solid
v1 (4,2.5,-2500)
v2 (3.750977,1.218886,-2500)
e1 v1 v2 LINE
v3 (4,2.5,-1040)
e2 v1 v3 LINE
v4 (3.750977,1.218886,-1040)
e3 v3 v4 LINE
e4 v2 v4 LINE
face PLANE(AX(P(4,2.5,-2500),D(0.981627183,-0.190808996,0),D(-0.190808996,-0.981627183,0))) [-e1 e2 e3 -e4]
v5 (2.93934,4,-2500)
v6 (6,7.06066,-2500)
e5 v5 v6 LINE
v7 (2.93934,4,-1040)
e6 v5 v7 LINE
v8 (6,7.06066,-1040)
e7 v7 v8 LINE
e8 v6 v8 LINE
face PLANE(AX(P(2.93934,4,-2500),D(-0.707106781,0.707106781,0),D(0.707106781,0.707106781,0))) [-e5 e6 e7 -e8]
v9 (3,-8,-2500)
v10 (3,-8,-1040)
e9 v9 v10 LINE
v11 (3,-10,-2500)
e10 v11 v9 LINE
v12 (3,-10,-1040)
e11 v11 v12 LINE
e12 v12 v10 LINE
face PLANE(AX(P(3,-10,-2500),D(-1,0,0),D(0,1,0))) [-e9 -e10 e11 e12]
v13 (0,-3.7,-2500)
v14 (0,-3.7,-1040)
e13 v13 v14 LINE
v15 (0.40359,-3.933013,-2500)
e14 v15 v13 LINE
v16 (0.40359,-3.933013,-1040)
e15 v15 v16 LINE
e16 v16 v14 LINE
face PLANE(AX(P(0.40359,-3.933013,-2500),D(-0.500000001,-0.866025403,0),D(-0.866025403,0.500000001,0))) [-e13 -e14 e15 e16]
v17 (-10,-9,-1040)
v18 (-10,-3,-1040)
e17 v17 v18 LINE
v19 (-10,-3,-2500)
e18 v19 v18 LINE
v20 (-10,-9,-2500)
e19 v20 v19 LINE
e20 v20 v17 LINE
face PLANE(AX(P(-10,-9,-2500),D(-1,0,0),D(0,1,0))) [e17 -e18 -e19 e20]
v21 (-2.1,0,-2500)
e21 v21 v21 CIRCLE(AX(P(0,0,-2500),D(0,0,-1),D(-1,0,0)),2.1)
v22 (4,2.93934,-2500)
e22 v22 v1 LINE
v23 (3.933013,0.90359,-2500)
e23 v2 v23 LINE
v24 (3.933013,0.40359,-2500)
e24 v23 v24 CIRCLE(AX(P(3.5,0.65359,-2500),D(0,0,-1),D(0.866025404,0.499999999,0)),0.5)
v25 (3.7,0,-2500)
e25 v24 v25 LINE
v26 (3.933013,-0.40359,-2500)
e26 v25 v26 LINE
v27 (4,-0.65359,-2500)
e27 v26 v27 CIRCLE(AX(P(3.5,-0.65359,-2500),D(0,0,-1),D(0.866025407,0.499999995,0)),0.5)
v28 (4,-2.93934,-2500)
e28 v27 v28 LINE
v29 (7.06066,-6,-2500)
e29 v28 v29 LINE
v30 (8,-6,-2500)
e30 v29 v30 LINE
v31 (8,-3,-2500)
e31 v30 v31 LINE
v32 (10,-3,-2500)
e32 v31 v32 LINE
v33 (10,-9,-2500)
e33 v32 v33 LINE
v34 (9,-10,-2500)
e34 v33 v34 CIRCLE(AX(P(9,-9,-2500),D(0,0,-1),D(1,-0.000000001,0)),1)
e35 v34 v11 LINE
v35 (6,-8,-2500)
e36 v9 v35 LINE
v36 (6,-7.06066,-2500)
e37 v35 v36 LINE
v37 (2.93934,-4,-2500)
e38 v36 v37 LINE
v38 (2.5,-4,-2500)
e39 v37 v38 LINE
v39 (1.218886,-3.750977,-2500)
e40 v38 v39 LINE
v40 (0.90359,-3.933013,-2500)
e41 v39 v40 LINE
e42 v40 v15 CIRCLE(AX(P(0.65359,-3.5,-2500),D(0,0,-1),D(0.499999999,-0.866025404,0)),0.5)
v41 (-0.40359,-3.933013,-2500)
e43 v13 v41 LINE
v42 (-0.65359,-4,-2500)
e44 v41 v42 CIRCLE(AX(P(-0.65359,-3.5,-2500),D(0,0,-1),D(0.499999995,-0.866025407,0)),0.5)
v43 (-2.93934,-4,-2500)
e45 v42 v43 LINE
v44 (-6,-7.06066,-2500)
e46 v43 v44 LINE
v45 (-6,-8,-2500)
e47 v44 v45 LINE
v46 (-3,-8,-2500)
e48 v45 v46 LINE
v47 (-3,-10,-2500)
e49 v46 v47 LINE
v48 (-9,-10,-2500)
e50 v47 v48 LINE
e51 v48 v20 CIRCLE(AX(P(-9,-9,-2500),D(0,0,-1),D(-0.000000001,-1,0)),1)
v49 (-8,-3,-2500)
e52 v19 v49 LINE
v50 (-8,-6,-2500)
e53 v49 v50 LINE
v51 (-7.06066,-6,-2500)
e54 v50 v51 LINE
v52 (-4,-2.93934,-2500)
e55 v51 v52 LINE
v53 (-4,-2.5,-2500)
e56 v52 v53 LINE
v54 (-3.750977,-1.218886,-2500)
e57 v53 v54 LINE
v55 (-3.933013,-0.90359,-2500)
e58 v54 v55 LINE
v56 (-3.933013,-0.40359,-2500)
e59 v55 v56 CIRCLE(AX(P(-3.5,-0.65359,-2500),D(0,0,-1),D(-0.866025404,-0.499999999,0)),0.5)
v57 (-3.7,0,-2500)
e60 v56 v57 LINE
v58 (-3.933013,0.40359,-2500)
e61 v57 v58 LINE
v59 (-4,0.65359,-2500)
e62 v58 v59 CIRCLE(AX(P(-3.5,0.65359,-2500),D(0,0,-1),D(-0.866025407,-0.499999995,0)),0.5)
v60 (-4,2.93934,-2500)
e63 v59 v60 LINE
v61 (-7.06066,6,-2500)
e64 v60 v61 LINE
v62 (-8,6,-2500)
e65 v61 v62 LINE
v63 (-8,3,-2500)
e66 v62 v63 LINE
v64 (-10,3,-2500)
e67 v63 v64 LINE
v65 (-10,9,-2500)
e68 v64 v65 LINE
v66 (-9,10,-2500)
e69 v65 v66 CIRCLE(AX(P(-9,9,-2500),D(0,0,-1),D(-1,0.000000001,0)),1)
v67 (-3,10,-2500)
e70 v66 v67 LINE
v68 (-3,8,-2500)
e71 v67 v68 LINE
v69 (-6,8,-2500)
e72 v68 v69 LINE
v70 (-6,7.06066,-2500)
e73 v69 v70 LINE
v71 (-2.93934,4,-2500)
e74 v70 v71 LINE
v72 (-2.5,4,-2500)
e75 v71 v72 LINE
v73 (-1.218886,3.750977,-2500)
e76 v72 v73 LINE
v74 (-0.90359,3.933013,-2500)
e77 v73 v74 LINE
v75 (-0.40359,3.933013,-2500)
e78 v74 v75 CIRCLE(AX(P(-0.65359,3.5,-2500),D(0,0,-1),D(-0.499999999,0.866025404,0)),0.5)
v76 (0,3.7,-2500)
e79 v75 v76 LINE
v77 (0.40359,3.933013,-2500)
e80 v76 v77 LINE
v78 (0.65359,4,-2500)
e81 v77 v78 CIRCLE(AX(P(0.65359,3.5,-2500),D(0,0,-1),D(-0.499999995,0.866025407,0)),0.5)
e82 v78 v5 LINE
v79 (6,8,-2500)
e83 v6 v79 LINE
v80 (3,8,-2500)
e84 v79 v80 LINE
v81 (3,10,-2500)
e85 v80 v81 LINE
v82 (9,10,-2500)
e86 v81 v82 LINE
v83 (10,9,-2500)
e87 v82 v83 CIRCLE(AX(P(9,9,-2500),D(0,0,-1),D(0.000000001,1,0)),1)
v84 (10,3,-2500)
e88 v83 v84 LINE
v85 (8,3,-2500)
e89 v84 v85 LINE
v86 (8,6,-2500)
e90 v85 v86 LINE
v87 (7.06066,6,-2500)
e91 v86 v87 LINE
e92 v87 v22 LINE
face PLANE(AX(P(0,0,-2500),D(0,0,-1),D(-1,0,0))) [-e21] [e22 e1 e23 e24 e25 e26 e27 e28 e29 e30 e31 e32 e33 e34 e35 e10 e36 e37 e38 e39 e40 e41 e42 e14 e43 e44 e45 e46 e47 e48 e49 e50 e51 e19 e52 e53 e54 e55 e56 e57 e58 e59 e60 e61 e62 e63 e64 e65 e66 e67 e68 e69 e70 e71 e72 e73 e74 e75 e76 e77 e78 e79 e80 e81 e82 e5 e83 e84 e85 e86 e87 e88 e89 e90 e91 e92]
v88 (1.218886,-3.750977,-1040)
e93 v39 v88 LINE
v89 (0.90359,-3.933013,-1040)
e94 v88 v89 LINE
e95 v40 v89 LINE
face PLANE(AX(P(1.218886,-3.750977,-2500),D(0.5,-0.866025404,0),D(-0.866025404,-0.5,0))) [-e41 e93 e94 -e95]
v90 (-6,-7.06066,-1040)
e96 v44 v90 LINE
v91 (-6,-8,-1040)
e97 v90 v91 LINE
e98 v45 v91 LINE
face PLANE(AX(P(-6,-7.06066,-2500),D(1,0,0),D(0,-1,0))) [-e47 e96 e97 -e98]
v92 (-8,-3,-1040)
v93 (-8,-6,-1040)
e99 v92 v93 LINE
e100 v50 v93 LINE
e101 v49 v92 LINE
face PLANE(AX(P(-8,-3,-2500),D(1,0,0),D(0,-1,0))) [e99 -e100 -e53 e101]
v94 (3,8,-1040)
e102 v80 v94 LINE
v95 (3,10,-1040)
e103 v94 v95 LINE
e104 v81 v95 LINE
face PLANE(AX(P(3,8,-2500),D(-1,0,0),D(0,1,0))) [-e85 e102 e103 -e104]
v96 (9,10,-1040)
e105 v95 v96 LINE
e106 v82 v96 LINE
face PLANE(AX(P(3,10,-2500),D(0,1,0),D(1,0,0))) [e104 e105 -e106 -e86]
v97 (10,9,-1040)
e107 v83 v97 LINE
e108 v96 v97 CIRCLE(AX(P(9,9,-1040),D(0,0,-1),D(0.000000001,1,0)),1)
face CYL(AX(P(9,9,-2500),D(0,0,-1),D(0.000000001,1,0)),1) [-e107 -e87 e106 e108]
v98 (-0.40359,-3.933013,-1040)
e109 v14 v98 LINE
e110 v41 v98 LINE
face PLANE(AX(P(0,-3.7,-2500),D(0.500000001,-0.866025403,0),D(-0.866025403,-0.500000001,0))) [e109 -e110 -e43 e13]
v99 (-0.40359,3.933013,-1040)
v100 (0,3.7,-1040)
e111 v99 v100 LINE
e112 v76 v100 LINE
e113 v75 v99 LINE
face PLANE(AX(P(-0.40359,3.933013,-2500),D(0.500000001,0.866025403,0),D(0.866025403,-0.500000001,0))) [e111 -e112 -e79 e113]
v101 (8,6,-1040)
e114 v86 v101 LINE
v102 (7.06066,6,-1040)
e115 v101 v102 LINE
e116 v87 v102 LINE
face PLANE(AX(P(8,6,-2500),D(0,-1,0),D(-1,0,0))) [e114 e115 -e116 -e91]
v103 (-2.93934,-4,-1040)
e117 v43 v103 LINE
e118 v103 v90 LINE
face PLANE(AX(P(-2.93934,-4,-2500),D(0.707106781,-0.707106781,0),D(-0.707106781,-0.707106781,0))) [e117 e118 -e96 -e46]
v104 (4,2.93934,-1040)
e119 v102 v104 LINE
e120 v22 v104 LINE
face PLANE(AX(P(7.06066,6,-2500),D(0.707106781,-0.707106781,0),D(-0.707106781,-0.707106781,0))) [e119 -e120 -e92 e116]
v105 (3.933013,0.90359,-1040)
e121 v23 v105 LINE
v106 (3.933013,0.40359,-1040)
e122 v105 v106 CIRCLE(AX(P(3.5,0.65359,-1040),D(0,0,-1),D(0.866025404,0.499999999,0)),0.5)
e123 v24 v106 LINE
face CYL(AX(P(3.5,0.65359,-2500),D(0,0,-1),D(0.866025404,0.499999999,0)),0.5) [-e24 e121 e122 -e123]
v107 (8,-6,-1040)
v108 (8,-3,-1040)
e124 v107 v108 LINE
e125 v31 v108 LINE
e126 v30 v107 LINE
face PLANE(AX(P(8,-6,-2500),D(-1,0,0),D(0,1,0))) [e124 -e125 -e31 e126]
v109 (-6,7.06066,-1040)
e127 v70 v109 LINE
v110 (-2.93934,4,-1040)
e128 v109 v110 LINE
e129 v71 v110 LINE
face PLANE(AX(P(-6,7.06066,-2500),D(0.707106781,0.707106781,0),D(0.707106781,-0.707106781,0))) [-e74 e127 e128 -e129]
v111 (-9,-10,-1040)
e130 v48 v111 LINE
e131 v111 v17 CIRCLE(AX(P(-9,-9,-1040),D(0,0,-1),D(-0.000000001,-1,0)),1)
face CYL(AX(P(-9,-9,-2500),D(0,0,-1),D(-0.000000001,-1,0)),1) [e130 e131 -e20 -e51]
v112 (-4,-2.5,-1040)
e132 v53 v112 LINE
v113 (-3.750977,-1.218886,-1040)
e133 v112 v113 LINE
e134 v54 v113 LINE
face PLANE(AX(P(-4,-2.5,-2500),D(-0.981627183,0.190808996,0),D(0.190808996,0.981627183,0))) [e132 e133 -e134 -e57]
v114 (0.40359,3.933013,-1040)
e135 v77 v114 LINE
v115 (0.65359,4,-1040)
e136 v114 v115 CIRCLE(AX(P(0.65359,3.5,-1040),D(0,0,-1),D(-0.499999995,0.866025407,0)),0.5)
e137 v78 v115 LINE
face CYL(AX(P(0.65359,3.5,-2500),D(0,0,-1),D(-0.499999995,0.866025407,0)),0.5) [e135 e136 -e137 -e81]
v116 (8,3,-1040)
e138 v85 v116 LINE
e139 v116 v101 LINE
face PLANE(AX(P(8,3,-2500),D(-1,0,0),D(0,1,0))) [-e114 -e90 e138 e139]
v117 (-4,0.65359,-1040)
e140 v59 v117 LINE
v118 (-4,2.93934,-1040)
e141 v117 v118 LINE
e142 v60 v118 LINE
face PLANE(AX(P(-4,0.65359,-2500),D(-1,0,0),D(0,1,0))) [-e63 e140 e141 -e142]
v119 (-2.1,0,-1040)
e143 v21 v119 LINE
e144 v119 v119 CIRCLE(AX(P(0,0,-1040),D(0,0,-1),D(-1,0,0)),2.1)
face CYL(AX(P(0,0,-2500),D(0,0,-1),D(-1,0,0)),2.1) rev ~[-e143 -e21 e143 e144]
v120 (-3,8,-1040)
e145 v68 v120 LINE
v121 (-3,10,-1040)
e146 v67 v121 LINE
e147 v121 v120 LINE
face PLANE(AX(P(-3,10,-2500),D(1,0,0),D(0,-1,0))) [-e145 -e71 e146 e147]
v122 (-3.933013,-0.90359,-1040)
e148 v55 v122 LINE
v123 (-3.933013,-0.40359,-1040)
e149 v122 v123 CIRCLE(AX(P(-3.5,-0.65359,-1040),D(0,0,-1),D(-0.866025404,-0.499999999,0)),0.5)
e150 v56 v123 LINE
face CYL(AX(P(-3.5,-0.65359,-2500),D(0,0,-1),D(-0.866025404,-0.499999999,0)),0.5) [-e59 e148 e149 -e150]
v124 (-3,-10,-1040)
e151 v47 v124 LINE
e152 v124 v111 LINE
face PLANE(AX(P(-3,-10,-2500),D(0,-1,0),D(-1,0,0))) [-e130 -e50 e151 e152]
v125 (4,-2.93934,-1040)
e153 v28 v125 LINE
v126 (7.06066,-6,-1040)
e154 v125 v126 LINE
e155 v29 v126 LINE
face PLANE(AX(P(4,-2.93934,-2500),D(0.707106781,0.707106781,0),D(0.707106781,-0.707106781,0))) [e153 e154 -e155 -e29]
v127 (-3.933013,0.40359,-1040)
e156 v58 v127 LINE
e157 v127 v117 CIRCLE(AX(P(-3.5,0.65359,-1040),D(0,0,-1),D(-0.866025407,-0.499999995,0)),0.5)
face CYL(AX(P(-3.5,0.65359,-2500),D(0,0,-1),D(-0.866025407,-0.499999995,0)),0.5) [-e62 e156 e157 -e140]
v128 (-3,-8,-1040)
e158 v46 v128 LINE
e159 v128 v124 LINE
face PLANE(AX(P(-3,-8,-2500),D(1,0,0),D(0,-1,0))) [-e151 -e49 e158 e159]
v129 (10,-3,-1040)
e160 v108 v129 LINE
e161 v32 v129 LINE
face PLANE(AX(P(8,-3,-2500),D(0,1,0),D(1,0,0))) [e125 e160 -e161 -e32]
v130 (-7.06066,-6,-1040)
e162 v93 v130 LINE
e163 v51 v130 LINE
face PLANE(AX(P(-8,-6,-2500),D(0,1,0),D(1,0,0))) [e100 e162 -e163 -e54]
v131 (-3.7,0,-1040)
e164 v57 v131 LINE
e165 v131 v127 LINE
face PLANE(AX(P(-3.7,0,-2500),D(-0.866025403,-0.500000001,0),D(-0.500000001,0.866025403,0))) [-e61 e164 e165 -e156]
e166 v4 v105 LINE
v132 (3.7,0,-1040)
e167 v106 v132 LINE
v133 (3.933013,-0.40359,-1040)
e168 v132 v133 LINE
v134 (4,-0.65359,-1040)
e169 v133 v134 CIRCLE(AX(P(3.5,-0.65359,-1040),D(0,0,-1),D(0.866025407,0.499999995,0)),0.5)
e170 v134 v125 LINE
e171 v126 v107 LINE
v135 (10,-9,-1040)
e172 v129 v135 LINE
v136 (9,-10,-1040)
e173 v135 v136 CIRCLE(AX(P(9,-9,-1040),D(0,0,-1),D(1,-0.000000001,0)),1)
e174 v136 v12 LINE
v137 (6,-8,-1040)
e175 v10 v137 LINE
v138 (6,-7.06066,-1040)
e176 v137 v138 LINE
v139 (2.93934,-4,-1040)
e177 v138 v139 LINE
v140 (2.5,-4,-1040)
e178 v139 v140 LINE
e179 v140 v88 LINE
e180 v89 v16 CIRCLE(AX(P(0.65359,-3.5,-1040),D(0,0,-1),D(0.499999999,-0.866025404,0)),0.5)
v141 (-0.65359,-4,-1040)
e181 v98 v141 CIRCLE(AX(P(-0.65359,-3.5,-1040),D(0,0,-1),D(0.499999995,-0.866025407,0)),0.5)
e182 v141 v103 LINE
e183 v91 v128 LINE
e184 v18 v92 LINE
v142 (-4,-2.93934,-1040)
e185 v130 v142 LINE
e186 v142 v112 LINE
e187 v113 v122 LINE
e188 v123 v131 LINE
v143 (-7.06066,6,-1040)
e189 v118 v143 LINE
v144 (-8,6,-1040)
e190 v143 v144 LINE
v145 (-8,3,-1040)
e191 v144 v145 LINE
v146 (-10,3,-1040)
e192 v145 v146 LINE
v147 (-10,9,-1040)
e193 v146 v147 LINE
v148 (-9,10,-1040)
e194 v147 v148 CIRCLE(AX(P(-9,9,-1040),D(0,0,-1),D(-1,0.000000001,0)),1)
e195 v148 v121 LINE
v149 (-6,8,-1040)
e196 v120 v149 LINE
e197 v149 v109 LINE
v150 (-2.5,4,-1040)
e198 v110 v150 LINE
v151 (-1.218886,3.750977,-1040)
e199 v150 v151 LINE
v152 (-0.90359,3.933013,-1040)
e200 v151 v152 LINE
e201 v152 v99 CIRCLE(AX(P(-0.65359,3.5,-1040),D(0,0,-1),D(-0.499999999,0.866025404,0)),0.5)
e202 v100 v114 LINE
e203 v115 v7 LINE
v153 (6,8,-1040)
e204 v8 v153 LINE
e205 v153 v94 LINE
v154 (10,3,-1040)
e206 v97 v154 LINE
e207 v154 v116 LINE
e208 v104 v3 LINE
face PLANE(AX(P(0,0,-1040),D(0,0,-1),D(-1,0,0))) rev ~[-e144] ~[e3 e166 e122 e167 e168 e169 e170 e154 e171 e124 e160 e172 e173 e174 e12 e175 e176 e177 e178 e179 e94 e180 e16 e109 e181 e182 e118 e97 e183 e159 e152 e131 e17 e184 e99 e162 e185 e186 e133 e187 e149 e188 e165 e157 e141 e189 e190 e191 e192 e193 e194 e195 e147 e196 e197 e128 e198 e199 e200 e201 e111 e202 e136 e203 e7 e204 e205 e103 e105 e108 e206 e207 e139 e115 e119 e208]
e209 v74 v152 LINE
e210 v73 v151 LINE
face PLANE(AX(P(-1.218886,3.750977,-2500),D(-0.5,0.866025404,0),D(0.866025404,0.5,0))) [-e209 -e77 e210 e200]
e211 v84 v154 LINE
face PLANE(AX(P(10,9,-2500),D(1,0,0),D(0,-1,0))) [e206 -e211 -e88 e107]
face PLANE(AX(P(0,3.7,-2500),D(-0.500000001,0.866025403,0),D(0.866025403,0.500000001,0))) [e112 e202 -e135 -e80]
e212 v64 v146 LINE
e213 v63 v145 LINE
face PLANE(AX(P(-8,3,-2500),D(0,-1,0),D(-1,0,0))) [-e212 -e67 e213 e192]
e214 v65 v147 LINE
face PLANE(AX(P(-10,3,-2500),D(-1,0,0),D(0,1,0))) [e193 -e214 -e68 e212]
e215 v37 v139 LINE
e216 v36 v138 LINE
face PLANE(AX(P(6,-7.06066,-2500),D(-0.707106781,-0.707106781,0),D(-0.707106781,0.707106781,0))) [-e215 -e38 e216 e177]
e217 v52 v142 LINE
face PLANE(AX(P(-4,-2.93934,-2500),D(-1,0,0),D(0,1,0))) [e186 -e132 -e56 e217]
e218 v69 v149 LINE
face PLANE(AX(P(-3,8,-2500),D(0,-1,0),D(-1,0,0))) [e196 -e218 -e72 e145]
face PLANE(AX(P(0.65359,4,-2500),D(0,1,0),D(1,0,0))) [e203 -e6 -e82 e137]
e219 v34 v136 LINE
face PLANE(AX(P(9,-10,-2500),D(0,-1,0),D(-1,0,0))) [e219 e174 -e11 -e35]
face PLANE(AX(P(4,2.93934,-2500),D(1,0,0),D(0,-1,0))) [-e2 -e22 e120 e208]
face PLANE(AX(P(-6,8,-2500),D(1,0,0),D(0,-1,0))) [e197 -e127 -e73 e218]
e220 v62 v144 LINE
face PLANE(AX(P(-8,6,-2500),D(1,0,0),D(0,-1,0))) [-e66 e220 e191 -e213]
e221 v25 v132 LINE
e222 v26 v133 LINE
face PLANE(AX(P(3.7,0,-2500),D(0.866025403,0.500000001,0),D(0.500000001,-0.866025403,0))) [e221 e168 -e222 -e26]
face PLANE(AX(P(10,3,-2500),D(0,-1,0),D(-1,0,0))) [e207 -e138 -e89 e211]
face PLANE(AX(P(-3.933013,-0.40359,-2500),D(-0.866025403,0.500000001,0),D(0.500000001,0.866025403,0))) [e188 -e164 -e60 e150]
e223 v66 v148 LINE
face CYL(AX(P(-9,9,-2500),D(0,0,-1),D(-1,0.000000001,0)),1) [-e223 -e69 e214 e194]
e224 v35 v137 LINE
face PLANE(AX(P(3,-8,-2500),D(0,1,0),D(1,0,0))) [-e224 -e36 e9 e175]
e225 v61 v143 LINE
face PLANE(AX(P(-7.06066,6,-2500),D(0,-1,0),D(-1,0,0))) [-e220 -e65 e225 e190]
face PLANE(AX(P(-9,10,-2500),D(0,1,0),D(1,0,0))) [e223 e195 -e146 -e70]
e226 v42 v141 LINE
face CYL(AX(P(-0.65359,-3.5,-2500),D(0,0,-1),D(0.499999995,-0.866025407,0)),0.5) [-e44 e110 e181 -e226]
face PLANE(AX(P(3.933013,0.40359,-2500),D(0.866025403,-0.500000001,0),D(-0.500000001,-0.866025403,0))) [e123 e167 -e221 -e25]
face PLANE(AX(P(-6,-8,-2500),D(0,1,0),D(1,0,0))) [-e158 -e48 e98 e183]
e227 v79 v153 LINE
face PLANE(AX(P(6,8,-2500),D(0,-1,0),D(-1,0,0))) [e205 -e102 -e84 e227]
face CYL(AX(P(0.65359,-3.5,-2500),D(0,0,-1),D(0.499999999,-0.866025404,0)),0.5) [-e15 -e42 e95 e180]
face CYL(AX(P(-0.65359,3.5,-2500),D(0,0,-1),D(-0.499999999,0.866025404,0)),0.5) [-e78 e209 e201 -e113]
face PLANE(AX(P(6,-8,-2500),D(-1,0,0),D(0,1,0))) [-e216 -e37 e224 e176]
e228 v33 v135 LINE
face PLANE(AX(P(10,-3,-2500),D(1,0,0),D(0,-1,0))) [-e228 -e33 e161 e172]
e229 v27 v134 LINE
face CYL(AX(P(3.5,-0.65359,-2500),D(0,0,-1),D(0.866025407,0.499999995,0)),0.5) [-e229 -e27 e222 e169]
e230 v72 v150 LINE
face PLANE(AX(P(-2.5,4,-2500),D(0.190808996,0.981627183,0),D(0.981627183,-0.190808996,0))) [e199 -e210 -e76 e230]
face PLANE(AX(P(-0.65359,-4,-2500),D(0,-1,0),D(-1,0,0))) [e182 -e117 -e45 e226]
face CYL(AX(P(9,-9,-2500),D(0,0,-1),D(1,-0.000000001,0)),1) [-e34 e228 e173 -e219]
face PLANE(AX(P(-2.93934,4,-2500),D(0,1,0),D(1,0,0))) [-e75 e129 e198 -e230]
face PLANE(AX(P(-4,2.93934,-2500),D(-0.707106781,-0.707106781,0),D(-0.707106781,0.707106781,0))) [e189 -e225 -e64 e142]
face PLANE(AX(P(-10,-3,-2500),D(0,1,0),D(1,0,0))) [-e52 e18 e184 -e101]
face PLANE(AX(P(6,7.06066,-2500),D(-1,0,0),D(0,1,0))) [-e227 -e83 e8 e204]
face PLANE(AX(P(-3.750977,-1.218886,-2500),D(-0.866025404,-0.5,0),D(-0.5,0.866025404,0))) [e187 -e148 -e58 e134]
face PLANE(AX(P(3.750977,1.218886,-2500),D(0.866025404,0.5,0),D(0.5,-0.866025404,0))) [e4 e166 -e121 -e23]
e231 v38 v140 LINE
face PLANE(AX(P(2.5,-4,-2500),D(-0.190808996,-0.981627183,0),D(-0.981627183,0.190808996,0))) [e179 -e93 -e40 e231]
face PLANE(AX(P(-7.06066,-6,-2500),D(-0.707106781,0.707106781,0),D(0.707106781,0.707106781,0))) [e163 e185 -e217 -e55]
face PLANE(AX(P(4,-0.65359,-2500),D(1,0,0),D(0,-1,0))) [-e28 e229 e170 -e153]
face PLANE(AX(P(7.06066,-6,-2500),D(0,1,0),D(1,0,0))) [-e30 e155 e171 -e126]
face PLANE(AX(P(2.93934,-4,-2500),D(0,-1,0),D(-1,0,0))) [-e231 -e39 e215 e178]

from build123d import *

# Parameters (mm, degrees)
SKETCH_1_R      = 2.1
EXTRUDE_1_DEPTH = 1460


with BuildPart() as part:
    # 草圖1 → 填料-伸長1 (new body)
    with BuildSketch(Plane(origin=(0, 0, -2500), x_dir=(-1, 0, 0), z_dir=(0, 0, -1))):
        with BuildLine():
            Line((10, -3), (8, -3))
            Line((8, -3), (8, -6))
            Line((8, -6), (7.060660172, -6))
            Line((7.060660172, -6), (4, -2.939339828))
            Line((4, -2.939339828), (4, -2.5))
            Line((4, -2.5), (3.750976592, -1.218885629))
            Line((3.750976592, -1.218885629), (3.933012702, -0.903589838))
            ThreePointArc((3.933012702, -0.903589838), (4, -0.653589838), (3.933012702, -0.403589838))
            Line((3.933012702, -0.403589838), (3.7, 0))
            Line((3.7, 0), (3.933012702, 0.403589838))
            ThreePointArc((3.933012702, 0.403589838), (3.982962913, 0.524180316), (4, 0.653589838))
            Line((4, 0.653589838), (4, 2.939339828))
            Line((4, 2.939339828), (7.060660172, 6))
            Line((7.060660172, 6), (8, 6))
            Line((8, 6), (8, 3))
            Line((8, 3), (10, 3))
            Line((10, 3), (10, 9))
            ThreePointArc((10, 9), (9.707106781, 9.707106781), (9, 10))
            Line((9, 10), (3, 10))
            Line((3, 10), (3, 8))
            Line((3, 8), (6, 8))
            Line((6, 8), (6, 7.060660172))
            Line((6, 7.060660172), (2.939339828, 4))
            Line((2.939339828, 4), (2.5, 4))
            Line((2.5, 4), (1.218885629, 3.750976592))
            Line((1.218885629, 3.750976592), (0.903589838, 3.933012702))
            ThreePointArc((0.903589838, 3.933012702), (0.653589838, 4), (0.403589838, 3.933012702))
            Line((0.403589838, 3.933012702), (0, 3.7))
            Line((0, 3.7), (-0.403589838, 3.933012702))
            ThreePointArc((-0.403589838, 3.933012702), (-0.524180316, 3.982962913), (-0.653589838, 4))
            Line((-0.653589838, 4), (-2.939339828, 4))
            Line((-2.939339828, 4), (-6, 7.060660172))
            Line((-6, 7.060660172), (-6, 8))
            Line((-6, 8), (-3, 8))
            Line((-3, 8), (-3, 10))
            Line((-3, 10), (-9, 10))
            ThreePointArc((-9, 10), (-9.707106781, 9.707106781), (-10, 9))
            Line((-10, 9), (-10, 3))
            Line((-10, 3), (-8, 3))
            Line((-8, 3), (-8, 6))
            Line((-8, 6), (-7.060660172, 6))
            Line((-7.060660172, 6), (-4, 2.939339828))
            Line((-4, 2.939339828), (-4, 2.5))
            Line((-4, 2.5), (-3.750976592, 1.218885629))
            Line((-3.750976592, 1.218885629), (-3.933012702, 0.903589838))
            ThreePointArc((-3.933012702, 0.903589838), (-4, 0.653589838), (-3.933012702, 0.403589838))
            Line((-3.933012702, 0.403589838), (-3.7, 0))
            Line((-3.7, 0), (-3.933012702, -0.403589838))
            ThreePointArc((-3.933012702, -0.403589838), (-3.982962913, -0.524180316), (-4, -0.653589838))
            Line((-4, -0.653589838), (-4, -2.939339828))
            Line((-4, -2.939339828), (-7.060660172, -6))
            Line((-7.060660172, -6), (-8, -6))
            Line((-8, -6), (-8, -3))
            Line((-8, -3), (-10, -3))
            Line((-10, -3), (-10, -9))
            ThreePointArc((-10, -9), (-9.707106781, -9.707106781), (-9, -10))
            Line((-9, -10), (-3, -10))
            Line((-3, -10), (-3, -8))
            Line((-3, -8), (-6, -8))
            Line((-6, -8), (-6, -7.060660172))
            Line((-6, -7.060660172), (-2.939339828, -4))
            Line((-2.939339828, -4), (-2.5, -4))
            Line((-2.5, -4), (-1.218885629, -3.750976592))
            Line((-1.218885629, -3.750976592), (-0.903589838, -3.933012702))
            ThreePointArc((-0.903589838, -3.933012702), (-0.653589838, -4), (-0.403589838, -3.933012702))
            Line((-0.403589838, -3.933012702), (0, -3.7))
            Line((0, -3.7), (0.403589838, -3.933012702))
            ThreePointArc((0.403589838, -3.933012702), (0.524180316, -3.982962913), (0.653589838, -4))
            Line((0.653589838, -4), (2.939339828, -4))
            Line((2.939339828, -4), (6, -7.060660172))
            Line((6, -7.060660172), (6, -8))
            Line((6, -8), (3, -8))
            Line((3, -8), (3, -10))
            Line((3, -10), (9, -10))
            ThreePointArc((9, -10), (9.707106781, -9.707106781), (10, -9))
            Line((10, -9), (10, -3))
        make_face()
        Circle(SKETCH_1_R, mode=Mode.SUBTRACT)
    extrude(amount=-EXTRUDE_1_DEPTH)


solid = part.part
